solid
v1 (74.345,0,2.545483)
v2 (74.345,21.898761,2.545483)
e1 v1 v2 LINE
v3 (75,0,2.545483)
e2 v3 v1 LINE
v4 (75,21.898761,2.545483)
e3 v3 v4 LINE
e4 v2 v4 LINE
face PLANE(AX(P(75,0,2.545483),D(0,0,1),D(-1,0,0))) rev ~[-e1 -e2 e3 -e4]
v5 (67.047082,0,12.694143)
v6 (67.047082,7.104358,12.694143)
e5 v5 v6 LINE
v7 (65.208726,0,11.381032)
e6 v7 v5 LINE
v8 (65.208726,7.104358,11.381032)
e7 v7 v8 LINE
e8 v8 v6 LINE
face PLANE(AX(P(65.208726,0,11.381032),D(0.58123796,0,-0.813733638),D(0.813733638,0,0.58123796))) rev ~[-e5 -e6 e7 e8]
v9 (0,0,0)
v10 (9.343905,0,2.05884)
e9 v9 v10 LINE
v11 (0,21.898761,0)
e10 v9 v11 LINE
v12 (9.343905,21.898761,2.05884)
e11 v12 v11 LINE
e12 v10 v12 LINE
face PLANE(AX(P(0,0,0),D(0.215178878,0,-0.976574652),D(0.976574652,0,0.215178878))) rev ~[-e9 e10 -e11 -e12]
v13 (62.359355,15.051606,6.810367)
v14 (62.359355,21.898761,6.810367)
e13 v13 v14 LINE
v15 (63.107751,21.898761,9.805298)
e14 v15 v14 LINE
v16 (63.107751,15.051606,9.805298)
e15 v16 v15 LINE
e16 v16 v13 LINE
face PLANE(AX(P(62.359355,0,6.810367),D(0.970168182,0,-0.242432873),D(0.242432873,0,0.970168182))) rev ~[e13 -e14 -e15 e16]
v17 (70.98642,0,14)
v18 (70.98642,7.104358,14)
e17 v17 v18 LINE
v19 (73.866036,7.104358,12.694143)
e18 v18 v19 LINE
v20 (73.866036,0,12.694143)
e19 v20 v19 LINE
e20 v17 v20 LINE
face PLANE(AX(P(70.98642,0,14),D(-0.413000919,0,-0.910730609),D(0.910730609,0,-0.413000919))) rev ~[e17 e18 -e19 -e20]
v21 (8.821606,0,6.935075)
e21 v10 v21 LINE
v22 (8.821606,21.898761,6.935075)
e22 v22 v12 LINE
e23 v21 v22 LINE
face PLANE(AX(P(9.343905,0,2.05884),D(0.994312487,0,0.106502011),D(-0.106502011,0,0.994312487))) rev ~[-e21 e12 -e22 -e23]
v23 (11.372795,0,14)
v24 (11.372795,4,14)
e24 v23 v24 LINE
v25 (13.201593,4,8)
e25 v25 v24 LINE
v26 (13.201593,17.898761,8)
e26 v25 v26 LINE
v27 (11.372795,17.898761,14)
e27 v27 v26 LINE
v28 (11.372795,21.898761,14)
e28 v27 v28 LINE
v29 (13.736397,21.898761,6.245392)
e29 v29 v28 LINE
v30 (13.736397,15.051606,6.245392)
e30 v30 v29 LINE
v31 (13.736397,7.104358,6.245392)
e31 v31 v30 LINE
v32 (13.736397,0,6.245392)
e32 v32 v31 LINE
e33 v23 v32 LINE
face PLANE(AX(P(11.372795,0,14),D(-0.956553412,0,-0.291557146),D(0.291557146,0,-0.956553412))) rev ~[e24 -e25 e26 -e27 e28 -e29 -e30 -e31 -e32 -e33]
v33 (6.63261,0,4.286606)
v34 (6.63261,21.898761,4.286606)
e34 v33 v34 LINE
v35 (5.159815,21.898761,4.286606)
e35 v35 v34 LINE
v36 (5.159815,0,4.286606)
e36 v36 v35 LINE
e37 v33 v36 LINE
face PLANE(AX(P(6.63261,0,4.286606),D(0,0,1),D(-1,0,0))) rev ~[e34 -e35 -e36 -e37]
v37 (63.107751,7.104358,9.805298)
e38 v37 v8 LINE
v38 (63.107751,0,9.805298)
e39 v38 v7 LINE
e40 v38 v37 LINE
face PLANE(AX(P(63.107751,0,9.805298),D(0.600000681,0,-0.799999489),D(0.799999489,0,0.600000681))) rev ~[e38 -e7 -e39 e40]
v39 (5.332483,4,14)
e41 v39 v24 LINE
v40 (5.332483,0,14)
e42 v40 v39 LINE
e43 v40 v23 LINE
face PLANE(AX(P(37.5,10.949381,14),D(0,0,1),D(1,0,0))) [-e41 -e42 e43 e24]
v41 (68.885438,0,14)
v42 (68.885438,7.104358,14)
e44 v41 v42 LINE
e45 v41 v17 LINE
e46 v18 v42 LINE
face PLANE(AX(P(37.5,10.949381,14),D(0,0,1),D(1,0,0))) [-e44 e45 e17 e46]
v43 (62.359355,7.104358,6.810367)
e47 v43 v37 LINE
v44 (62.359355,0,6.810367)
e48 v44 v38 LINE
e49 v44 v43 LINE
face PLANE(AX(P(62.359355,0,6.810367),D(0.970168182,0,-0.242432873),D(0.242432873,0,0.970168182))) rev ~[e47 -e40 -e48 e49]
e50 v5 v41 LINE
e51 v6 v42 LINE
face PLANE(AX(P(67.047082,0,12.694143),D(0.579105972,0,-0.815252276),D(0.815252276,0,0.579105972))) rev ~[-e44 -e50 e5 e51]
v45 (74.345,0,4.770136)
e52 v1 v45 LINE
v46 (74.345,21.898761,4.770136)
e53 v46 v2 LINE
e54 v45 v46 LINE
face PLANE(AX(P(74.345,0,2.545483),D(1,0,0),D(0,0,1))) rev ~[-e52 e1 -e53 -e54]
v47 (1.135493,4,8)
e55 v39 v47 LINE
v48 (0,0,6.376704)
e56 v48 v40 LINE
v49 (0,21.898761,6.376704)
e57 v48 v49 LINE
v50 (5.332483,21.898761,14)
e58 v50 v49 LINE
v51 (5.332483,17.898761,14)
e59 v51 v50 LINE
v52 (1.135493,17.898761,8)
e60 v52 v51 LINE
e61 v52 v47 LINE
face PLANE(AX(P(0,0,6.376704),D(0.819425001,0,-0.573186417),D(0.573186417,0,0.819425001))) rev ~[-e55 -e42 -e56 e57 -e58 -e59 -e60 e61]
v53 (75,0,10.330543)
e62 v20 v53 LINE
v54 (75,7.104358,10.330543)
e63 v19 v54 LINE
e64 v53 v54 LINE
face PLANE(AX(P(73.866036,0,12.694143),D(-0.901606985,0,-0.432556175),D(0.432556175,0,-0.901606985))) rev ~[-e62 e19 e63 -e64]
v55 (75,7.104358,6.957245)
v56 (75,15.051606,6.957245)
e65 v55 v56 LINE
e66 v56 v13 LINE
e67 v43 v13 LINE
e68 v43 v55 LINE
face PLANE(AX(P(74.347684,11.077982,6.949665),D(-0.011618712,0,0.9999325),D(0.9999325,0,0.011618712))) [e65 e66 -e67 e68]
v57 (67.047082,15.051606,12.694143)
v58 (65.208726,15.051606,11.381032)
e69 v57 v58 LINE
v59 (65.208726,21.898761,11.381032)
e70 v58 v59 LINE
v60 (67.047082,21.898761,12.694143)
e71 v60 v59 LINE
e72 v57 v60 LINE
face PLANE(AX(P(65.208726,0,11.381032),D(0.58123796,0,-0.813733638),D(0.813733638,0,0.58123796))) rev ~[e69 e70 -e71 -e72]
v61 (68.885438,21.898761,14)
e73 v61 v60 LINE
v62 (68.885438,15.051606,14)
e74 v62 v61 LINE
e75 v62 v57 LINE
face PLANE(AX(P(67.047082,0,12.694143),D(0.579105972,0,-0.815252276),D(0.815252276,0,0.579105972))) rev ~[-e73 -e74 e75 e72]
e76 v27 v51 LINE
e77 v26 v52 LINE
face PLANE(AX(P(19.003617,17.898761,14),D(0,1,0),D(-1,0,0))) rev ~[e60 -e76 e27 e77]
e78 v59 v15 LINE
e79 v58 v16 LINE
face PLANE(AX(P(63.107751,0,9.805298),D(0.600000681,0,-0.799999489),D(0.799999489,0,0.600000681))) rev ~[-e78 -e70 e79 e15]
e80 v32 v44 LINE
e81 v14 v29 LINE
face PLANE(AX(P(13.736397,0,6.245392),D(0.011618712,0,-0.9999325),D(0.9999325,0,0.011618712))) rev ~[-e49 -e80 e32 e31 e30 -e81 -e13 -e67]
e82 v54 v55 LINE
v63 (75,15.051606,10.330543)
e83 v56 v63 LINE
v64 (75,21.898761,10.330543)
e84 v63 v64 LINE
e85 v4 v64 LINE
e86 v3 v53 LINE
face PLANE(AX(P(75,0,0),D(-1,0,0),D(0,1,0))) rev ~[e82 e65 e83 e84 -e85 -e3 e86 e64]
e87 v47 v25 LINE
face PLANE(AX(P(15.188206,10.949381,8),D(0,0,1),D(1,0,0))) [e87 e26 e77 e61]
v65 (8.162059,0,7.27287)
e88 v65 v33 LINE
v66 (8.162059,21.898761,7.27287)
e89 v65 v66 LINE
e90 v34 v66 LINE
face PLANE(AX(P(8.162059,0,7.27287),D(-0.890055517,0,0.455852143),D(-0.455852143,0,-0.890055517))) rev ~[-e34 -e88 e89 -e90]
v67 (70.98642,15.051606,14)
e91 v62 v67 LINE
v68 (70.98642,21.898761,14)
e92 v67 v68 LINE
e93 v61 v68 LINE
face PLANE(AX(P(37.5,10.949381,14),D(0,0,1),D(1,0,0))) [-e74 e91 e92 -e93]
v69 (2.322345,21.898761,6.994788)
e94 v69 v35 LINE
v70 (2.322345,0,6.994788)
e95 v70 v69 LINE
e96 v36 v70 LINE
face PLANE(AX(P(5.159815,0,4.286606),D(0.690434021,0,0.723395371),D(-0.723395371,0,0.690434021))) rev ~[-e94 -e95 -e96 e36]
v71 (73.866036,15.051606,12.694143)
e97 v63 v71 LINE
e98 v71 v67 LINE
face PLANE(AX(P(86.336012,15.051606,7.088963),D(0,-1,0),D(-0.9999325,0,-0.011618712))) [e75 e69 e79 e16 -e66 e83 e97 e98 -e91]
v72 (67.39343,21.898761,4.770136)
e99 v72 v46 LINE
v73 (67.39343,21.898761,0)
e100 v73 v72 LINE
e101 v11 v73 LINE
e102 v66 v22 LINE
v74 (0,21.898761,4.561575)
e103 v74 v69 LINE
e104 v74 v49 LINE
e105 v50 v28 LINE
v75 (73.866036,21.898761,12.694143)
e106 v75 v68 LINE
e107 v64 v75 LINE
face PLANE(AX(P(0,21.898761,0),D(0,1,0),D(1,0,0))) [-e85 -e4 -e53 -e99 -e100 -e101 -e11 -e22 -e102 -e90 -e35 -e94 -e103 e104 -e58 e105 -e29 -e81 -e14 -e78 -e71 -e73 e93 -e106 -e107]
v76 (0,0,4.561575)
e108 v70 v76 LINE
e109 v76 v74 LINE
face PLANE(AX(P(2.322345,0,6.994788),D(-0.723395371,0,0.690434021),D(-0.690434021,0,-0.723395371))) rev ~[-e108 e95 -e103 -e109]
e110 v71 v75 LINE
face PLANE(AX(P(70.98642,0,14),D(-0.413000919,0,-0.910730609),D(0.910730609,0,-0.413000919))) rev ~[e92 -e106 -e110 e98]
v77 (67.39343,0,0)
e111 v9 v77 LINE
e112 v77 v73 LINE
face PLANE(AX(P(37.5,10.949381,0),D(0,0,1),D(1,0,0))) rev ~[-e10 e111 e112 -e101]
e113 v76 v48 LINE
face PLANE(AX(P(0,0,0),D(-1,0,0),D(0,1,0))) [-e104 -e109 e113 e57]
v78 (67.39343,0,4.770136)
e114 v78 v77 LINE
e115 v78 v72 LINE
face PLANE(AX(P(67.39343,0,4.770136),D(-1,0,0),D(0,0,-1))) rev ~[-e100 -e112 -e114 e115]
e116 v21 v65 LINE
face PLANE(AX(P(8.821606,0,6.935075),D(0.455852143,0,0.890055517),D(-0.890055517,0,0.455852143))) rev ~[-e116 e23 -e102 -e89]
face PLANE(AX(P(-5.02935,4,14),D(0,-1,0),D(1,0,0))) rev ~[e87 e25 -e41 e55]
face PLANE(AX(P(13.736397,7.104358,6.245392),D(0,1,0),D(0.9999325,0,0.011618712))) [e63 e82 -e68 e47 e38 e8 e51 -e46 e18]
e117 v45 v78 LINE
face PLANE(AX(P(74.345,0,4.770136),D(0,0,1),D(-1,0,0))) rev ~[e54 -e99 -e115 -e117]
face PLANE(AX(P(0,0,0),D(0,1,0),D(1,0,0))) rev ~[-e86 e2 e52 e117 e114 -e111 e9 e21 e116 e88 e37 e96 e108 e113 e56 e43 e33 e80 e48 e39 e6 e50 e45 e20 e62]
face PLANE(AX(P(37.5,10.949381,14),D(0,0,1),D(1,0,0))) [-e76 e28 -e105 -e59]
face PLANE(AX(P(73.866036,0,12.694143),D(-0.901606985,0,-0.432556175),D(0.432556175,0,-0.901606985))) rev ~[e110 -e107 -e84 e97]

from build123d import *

# Parameters (mm, degrees)
F0_W     = 75
F0_H     = 21.8987613916
F1_DEPTH = 14
F3_DEPTH = 21.8997613916
F4_W     = 23.978275167
F4_H     = 7.947247941
F4_W_2   = 48.6262406095
F5_DEPTH = 25
F6_W     = 7.6308213174
F6_H     = 13.8987613916
F6_W_2   = 6.0403123498
F6_W_3   = 10.3618325666
F7_DEPTH = 6


with BuildPart() as f1:
    # F0 (on Top) → F1 (new body)
    with BuildSketch(Plane.XY):
        with Locations((37.5, 10.9493806958)):
            Rectangle(F0_W, F0_H)
    extrude(amount=F1_DEPTH)

    # F2 (on face) → F3 (cut, through all)
    with BuildSketch(Plane.XZ):
        Polygon((0, 14), (0, 6.3767037354), (5.3324829787, 14), align=None)
        Polygon((68.8854381442, 14), (11.3727953285, 14), (13.736397028, 6.2453923747), (62.3593553901, 6.8103666529), (63.1077513099, 9.8052984104), (65.2087256312, 11.3810319453), (67.0470818877, 12.6941427588), align=None)
        Polygon((75, 14), (70.9864199162, 14), (73.8660361752, 12.6941427588), (75, 10.330542922), align=None)
        Polygon((67.3934295774, 4.770135507), (67.3934295774, 0), (75, 0), (75, 2.5454831775), (74.345, 2.5454831775), (74.345, 4.770135507), align=None)
        Polygon((2.3223445751, 6.9947880693), (0, 4.561574664), (0, 0), (9.3439053744, 2.0588401239), (8.8216059457, 6.9350752235), (8.1620588899, 7.2728698142), (6.6326097585, 4.2866062695), (5.1598150908, 4.2866062695), align=None)
    extrude(amount=-F3_DEPTH, mode=Mode.SUBTRACT)

    # F4 (on face) → F5 (cut)
    with BuildSketch(Plane(origin=(-0.0707041789, 0, 6.0849608152), x_dir=(0.9999325005, 0, 0.0116187119), z_dir=(-0.0116187119, 0, 0.9999325005))):
        with Locations((74.4234114354, 11.0779821407)):
            Rectangle(F4_W, F4_H)
        with Locations((38.1211535471, 11.0779821407)):
            Rectangle(F4_W_2, F4_H)
    extrude(amount=F5_DEPTH, mode=Mode.SUBTRACT)

    # F6 (on face) → F7 (cut)
    with BuildSketch(Plane.XY.offset(14)):
        with Locations((15.1882059872, 10.9493806958)):
            Rectangle(F6_W, F6_H)
        with Locations((8.3526391536, 10.9493806958)):
            Rectangle(F6_W_2, F6_H)
        with Locations((0.1515666954, 10.9493806958)):
            Rectangle(F6_W_3, F6_H)
    extrude(amount=-F7_DEPTH, mode=Mode.SUBTRACT)


solid = f1.part
